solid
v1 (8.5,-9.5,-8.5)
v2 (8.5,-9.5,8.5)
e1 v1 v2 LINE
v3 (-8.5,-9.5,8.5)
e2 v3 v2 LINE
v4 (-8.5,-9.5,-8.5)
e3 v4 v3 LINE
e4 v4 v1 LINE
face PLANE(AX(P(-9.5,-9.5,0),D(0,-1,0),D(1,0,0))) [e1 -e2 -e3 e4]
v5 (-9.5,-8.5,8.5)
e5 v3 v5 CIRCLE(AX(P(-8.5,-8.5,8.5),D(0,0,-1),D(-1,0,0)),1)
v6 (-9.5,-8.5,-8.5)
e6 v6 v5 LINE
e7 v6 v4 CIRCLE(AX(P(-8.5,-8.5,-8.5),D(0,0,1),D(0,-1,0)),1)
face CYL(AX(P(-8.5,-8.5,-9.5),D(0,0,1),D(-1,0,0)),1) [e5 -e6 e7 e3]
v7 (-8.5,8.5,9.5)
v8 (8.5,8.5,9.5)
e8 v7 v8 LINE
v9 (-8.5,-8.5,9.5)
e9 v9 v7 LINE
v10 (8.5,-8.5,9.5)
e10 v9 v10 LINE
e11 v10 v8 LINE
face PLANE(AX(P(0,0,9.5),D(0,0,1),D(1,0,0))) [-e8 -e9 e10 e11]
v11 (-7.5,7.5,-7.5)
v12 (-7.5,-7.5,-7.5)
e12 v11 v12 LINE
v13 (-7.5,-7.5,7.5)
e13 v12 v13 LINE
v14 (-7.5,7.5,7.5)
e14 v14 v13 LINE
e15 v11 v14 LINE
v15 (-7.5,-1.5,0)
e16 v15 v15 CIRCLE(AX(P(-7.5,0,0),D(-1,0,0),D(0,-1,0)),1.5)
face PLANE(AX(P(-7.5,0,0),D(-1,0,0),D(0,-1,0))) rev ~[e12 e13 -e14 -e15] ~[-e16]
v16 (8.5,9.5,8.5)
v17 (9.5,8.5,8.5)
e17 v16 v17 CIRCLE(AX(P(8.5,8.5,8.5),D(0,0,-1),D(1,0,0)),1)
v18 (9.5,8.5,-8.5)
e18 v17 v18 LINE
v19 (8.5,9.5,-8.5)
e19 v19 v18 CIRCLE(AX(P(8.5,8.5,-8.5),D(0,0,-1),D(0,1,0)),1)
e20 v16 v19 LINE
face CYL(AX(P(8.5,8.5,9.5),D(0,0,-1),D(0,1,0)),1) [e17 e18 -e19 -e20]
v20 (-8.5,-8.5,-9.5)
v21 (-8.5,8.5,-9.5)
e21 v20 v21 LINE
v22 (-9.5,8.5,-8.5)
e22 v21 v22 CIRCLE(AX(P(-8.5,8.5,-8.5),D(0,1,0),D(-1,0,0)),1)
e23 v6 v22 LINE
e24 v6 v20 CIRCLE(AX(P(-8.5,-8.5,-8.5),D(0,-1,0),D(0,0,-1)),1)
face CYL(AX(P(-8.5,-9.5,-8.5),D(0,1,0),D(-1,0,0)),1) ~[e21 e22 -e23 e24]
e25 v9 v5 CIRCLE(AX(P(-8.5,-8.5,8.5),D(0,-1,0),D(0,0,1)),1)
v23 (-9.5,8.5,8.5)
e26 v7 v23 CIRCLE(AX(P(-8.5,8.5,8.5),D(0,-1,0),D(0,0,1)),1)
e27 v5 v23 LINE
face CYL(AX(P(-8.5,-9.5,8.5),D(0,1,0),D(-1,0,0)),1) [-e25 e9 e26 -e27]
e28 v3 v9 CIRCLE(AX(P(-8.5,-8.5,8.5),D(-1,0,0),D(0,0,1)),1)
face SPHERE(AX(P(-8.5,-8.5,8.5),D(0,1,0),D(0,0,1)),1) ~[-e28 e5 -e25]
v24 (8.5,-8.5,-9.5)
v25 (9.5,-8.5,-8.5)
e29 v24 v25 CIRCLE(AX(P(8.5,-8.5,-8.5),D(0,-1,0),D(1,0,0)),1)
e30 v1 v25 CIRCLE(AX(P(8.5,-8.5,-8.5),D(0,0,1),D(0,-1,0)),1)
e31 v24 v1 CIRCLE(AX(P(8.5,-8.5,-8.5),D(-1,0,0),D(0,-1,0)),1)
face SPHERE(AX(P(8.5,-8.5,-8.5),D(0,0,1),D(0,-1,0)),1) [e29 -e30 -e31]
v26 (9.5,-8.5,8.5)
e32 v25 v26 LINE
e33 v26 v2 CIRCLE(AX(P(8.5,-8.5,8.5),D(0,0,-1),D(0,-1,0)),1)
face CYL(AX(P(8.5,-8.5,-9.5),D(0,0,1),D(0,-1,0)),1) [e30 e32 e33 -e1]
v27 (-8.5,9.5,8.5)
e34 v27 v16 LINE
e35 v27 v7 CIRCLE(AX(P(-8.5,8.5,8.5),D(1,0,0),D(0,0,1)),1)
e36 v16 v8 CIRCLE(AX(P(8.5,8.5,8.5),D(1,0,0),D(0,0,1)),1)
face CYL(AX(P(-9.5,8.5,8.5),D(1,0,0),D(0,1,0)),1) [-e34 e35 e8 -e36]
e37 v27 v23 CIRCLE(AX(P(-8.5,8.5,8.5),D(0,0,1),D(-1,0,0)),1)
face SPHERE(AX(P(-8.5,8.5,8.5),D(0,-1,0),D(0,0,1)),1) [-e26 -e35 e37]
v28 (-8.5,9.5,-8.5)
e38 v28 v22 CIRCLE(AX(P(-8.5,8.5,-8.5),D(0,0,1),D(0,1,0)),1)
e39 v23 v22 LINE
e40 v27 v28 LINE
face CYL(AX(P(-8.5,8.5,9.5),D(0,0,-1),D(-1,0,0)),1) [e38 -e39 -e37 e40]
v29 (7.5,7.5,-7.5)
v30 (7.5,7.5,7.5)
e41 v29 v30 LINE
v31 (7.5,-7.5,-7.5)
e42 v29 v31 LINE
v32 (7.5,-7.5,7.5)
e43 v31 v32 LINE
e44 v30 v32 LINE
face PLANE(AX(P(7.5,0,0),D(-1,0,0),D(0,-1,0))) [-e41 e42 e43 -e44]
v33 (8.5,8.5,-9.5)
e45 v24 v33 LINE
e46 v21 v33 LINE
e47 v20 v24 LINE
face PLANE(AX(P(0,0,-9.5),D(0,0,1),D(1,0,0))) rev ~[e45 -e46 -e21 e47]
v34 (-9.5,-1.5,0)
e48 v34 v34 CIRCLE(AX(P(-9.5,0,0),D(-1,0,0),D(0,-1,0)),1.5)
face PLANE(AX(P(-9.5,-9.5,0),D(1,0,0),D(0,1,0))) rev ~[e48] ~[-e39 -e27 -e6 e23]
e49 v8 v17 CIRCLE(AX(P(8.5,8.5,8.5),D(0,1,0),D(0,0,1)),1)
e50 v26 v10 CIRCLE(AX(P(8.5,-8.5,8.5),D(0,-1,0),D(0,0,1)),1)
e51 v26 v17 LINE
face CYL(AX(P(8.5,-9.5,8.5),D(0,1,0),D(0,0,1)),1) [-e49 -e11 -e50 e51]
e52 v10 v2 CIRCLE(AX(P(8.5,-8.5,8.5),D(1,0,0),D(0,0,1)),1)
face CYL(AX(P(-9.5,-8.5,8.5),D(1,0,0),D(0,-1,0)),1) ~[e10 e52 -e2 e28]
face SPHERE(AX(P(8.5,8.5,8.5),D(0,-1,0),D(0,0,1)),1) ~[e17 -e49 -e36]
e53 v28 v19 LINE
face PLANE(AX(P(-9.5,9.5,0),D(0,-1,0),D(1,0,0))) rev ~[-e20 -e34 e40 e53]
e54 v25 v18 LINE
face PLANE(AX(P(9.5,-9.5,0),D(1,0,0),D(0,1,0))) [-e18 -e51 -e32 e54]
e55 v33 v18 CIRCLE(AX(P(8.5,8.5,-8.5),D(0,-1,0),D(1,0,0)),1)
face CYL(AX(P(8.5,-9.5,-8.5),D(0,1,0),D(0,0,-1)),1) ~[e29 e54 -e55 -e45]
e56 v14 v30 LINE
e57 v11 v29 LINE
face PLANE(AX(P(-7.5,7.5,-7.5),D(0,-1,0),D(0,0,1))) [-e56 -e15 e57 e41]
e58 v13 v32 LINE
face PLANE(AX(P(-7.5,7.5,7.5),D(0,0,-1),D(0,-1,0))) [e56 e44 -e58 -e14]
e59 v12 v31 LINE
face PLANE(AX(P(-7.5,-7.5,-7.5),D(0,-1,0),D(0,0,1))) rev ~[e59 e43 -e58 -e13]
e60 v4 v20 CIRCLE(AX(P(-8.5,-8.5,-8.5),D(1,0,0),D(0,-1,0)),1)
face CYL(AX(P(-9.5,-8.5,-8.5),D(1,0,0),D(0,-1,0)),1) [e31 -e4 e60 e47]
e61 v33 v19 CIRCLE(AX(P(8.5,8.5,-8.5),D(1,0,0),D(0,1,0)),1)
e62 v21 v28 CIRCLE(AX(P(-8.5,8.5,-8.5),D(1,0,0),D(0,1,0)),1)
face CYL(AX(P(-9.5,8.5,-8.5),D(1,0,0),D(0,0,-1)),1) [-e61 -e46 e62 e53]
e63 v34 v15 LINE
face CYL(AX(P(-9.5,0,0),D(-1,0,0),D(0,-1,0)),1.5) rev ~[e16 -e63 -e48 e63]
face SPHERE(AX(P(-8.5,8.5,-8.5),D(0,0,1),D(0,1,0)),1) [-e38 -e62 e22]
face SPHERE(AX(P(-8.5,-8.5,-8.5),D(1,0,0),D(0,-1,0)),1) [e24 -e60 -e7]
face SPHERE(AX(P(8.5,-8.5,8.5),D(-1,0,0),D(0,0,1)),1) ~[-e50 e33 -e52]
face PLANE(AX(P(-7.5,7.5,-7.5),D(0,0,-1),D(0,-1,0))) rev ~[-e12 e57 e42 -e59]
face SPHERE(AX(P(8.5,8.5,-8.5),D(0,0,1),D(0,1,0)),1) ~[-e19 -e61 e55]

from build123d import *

# Parameters (mm, degrees)
F0_W     = 19
F0_H     = 19
F1_DEPTH = 9.5
F3_START = -2
F2_W     = 15
F2_H     = 15
F3_DEPTH = 15
F5_R     = 1
F4_R     = 1.5
F6_DEPTH = 2


with BuildPart() as f1:
    # F0 (on Top) → F1 (new body, symmetric)
    with BuildSketch(Plane.XY):
        Rectangle(F0_W, F0_H)
    extrude(amount=F1_DEPTH, both=True)

    # F2 (on face) → F3 (cut)
    with BuildSketch(Plane(origin=(-9.5, 0, 0), x_dir=(0, -1, 0), z_dir=(-1, 0, 0)).offset(F3_START)):
        Rectangle(F2_W, F2_H)
    extrude(amount=-F3_DEPTH, mode=Mode.SUBTRACT)

    # F5
    f5_edges = [f1.edges().sort_by_distance(p)[0] for p in [
        (-9.5, 0, 9.5),
        (0, -9.5, 9.5),
        (9.5, 0, 9.5),
        (0, 9.5, 9.5),
        (-9.5, 9.5, 0),
        (9.5, 9.5, 0),
        (0, 9.5, -9.5),
        (9.5, -9.5, 0),
        (0, -9.5, -9.5),
        (9.5, 0, -9.5),
        (-9.5, -9.5, 0),
        (-9.5, 0, -9.5),
    ]]
    fillet(f5_edges, radius=F5_R)

    # F4 (on face) → F6 (cut)
    with BuildSketch(Plane(origin=(-9.5, 0, 0), x_dir=(0, -1, 0), z_dir=(-1, 0, 0))):
        Circle(F4_R)
    extrude(amount=-F6_DEPTH, mode=Mode.SUBTRACT)


solid = f1.part
